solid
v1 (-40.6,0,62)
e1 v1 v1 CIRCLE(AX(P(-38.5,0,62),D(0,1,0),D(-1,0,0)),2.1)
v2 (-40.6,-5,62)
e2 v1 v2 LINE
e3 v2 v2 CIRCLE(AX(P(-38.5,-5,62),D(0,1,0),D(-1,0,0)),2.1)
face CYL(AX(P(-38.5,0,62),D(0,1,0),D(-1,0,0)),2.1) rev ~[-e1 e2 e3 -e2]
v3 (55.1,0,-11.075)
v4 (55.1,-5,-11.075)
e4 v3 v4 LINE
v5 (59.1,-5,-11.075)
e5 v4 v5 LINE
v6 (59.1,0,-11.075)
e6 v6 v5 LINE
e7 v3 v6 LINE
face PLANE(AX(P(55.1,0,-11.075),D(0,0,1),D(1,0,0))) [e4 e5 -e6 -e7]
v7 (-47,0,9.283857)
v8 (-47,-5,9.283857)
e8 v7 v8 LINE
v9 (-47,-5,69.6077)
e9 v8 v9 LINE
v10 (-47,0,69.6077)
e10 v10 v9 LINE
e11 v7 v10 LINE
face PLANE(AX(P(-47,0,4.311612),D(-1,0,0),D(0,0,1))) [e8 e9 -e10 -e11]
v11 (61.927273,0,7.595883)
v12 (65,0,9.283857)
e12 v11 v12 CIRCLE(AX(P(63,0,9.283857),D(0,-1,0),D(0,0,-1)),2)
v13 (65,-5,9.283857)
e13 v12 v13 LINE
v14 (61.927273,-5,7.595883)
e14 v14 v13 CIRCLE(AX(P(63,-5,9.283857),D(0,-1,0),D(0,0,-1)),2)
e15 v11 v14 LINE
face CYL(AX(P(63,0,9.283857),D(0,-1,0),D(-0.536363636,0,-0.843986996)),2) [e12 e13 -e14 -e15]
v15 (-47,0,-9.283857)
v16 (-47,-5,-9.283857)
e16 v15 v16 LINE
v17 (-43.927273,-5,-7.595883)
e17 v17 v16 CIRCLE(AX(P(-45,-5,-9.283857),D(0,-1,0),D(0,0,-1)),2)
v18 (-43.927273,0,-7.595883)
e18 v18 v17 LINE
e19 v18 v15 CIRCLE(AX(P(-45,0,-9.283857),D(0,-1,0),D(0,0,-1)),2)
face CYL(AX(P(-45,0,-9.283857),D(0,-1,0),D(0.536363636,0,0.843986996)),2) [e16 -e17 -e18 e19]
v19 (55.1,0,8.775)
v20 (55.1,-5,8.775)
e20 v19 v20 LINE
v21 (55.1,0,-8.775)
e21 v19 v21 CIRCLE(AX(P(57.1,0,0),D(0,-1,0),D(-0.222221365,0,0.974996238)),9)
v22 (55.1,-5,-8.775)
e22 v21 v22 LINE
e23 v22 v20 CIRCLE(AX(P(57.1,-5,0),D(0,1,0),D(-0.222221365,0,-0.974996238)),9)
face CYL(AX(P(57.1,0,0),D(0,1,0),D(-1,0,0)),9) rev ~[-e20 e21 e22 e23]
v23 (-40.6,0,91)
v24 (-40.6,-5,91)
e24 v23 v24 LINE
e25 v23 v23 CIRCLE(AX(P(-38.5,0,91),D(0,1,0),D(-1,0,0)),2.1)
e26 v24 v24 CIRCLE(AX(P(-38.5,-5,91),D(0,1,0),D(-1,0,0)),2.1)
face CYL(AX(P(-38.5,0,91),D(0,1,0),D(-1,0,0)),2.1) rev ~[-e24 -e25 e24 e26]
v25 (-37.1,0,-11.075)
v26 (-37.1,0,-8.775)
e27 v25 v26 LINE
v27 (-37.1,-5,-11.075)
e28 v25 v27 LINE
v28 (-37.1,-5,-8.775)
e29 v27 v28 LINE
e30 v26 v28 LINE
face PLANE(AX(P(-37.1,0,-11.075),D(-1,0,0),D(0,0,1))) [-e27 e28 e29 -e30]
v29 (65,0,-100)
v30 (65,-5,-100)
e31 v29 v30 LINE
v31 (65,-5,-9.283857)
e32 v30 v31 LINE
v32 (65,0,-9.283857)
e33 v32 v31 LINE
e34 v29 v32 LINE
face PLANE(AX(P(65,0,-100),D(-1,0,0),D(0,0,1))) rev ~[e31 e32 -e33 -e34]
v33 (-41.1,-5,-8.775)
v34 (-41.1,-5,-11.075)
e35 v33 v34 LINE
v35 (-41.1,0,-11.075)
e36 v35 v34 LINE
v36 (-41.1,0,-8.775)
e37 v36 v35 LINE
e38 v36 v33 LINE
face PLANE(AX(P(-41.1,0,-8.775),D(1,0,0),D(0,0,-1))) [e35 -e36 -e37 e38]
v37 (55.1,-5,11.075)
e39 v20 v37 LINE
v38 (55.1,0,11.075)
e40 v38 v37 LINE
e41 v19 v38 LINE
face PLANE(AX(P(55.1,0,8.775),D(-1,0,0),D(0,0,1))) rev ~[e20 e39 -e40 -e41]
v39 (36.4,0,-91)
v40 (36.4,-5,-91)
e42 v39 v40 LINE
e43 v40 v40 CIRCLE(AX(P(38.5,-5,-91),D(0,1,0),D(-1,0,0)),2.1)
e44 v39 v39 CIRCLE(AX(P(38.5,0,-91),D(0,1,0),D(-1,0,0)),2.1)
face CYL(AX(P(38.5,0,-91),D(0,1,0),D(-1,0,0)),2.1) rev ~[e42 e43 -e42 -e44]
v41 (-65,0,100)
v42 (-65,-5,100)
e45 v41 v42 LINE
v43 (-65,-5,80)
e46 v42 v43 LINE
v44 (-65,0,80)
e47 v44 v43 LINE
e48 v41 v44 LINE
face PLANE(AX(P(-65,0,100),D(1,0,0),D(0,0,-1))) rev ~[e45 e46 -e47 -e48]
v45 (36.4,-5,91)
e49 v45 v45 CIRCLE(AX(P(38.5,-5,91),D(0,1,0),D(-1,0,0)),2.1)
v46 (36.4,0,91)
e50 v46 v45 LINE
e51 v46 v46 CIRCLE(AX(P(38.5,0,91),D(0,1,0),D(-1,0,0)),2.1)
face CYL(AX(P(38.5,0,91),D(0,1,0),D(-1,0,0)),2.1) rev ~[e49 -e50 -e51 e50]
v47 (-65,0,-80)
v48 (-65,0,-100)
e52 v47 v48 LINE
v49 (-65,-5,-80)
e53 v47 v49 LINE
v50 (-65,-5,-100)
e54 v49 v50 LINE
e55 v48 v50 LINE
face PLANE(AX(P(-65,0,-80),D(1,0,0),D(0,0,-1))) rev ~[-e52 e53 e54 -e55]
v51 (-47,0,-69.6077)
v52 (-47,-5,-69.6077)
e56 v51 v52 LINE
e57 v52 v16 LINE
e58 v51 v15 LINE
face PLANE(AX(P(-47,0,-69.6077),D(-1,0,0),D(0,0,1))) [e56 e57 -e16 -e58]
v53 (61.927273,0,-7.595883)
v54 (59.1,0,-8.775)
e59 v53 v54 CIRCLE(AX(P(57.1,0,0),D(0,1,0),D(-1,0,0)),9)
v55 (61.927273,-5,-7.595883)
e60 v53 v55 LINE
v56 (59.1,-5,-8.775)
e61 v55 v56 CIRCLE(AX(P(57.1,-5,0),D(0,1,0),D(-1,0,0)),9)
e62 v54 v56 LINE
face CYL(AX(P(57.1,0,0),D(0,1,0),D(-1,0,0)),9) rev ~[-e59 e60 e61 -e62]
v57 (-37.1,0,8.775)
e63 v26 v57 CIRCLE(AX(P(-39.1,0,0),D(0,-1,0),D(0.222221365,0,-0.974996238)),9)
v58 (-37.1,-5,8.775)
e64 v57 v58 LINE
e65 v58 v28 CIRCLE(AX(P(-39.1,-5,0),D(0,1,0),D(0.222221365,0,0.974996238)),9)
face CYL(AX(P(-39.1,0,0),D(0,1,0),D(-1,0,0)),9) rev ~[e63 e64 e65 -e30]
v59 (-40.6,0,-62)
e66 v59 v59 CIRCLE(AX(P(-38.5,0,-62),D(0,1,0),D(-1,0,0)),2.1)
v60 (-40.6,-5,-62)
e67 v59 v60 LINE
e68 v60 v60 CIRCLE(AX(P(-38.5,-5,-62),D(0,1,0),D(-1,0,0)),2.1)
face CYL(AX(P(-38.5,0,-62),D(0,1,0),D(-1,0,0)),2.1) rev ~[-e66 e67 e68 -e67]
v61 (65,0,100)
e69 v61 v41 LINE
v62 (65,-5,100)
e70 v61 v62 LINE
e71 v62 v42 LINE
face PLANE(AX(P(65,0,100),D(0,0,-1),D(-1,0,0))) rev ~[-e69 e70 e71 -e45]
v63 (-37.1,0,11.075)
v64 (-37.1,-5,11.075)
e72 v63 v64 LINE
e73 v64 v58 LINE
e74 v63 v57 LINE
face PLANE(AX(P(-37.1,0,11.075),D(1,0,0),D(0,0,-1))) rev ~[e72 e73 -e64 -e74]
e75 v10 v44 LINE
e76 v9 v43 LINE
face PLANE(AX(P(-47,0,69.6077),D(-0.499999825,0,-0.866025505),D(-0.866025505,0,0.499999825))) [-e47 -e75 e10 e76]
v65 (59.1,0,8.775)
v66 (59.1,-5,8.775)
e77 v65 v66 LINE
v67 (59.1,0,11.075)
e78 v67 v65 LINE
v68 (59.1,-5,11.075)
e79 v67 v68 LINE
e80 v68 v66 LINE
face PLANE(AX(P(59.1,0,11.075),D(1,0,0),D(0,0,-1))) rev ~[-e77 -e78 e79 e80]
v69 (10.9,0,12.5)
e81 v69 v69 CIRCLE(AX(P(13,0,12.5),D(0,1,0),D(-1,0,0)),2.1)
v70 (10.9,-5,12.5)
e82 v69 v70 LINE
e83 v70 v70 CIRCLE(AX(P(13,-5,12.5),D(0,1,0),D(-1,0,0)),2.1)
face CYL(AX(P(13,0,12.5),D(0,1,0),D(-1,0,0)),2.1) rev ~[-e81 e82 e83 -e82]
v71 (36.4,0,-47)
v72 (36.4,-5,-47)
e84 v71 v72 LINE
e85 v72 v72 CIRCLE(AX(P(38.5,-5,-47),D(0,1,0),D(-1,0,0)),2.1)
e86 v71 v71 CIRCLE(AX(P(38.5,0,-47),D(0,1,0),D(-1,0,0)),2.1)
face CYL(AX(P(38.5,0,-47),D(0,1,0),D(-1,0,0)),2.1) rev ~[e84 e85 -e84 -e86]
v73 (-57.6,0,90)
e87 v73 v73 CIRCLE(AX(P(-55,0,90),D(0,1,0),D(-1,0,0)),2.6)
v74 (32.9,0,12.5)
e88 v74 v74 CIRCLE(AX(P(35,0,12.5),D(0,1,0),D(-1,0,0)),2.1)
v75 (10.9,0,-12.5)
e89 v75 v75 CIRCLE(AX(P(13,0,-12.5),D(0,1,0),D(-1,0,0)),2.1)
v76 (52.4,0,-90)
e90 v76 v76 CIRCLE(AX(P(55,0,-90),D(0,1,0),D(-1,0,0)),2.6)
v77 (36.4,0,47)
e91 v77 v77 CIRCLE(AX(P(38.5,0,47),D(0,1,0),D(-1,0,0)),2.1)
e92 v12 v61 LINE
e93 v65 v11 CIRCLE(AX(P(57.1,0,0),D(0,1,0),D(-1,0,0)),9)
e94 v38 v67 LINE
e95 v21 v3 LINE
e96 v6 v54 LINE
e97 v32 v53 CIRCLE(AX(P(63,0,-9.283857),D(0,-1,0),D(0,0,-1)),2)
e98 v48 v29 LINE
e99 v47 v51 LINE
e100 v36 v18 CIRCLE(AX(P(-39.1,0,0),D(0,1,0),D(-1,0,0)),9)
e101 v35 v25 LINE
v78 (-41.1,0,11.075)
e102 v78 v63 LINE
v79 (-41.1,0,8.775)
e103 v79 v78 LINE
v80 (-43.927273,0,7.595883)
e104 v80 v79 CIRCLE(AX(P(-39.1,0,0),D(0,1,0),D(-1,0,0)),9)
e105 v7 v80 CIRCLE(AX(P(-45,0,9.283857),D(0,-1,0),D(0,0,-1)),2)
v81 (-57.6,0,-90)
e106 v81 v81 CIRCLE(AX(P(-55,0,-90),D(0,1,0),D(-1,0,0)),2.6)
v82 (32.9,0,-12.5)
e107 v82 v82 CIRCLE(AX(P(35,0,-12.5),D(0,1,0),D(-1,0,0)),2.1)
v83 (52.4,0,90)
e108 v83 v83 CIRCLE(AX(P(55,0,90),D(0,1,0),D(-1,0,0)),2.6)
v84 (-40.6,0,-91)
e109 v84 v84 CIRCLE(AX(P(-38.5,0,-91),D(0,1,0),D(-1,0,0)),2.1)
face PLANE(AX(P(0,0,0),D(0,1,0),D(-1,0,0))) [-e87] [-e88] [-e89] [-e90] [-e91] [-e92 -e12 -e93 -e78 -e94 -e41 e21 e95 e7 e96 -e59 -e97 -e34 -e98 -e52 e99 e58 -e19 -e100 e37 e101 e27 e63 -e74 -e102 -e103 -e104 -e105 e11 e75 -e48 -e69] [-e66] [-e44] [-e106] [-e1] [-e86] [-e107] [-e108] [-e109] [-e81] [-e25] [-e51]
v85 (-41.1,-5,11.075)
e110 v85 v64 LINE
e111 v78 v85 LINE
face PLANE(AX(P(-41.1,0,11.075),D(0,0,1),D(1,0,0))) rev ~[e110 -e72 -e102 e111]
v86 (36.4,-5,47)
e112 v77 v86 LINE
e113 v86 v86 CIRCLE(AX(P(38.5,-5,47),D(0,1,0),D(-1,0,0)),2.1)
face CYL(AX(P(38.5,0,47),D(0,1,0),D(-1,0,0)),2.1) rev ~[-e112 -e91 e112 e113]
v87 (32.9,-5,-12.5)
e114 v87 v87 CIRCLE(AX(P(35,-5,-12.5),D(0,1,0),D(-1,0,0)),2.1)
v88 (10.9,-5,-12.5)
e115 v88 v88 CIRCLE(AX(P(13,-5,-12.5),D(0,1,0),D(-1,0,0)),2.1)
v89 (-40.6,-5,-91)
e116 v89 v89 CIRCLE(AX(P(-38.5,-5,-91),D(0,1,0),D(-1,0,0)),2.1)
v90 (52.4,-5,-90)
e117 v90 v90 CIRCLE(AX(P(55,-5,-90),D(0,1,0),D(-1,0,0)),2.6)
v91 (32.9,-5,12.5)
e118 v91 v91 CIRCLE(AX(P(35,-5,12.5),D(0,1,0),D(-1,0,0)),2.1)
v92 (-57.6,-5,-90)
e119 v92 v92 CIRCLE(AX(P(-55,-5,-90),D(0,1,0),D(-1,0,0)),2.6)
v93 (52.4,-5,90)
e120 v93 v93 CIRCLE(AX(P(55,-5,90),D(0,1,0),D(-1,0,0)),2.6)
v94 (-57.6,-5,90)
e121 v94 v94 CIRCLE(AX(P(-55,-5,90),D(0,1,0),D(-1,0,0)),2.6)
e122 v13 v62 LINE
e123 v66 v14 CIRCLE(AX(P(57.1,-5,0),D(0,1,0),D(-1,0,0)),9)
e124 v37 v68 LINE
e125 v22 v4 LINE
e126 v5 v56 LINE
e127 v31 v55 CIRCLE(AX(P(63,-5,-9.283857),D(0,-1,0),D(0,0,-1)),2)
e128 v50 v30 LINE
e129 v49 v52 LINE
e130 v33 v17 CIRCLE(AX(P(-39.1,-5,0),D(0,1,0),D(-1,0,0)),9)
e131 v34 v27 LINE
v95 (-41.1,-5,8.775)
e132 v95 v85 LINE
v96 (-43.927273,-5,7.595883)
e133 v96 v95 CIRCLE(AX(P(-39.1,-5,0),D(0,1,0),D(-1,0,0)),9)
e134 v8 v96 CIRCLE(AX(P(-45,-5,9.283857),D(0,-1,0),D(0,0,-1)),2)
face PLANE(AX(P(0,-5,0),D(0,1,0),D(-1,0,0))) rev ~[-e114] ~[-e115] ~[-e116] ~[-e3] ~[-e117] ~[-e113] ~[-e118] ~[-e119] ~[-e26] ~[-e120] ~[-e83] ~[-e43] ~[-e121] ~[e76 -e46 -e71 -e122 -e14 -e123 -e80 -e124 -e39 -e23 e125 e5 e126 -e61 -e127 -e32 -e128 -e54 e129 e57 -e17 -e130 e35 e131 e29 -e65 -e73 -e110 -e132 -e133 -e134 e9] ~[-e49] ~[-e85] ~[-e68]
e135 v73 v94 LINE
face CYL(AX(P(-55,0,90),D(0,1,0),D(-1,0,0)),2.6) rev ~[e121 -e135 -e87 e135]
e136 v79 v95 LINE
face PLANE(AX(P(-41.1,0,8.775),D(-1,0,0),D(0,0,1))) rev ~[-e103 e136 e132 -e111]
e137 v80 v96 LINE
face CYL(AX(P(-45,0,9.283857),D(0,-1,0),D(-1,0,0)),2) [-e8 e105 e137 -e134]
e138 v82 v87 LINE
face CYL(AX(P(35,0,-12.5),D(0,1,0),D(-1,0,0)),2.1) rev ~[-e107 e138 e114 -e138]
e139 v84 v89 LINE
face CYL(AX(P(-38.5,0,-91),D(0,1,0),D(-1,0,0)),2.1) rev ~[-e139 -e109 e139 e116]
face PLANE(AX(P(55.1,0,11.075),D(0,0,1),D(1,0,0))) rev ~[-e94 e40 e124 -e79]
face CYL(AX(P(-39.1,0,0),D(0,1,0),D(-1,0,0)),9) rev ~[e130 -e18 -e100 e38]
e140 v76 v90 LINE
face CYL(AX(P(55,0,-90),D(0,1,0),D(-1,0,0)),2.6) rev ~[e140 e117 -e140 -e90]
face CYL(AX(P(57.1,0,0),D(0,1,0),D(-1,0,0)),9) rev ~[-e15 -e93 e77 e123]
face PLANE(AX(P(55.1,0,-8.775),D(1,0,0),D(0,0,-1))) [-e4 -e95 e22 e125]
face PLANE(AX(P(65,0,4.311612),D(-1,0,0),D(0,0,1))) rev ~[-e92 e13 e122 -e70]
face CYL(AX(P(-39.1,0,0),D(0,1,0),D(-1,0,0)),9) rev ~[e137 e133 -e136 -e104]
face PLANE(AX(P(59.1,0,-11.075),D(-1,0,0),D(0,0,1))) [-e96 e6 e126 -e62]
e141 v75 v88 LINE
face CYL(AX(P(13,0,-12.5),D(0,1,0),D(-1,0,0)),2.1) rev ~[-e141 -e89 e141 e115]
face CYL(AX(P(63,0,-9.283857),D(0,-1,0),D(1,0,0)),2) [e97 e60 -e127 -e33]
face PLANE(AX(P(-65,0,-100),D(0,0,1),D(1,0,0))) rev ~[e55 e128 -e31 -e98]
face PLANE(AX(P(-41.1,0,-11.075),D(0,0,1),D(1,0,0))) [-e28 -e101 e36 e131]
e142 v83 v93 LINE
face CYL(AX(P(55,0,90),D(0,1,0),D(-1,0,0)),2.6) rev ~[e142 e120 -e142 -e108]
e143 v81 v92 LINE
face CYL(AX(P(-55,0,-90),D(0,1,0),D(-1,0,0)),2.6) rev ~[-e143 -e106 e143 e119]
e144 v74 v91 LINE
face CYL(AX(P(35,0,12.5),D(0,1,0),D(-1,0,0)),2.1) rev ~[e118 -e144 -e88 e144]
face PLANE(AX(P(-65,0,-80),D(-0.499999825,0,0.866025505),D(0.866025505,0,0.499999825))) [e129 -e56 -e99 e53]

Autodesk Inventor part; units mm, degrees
ref_plane "YZ Plane" through (0, 0, 0) normal (1, 0, 0) x (0, 1, 0)
ref_plane "XZ Plane" through (0, 0, 0) normal (0, 1, 0) x (-1, 0, 0)
ref_plane "XY Plane" through (0, 0, 0) normal (0, 0, 1) x (1, 0, 0)
sketch "Esquisse1" plane through (0, 0, 0) normal (0, 1, 0) x (-1, 0, 0)
  line L0 (65, -100) -> (-65, -100)
  line L1 (-65, -100) -> (-65, 100)
  line L2 (-65, 100) -> (65, 100)
  line L3 (65, 100) -> (65, -100)
  line L4 (65, -100) -> (-65, 100) construction
  line L5 (-65, -100) -> (65, 100) construction
  line L6 (0, 100) -> (0, -100) construction
  line L7 (38.5, -91) -> (-38.5, -91) construction
  line L8 (-38.5, -91) -> (-38.5, -47) construction
  line L9 (-38.5, -47) -> (38.5, -47) construction
  line L10 (38.5, -47) -> (38.5, -91) construction
  line L11 (38.5, -91) -> (-38.5, -47) construction
  line L12 (-38.5, -91) -> (38.5, -47) construction
  circle A0 centre (38.5, -47) radius 2.1 construction
  circle A1 centre (38.5, -91) radius 2.1
  circle A2 centre (-38.5, -91) radius 2.1
  circle A3 centre (-38.5, -47) radius 2.1
  circle A4 centre (55, -90) radius 2.6
  line L13 (98.7177, 0) -> (-137.3062, 0) projected
  circle A5 centre (38.5, 91) radius 2.1
  circle A6 centre (-38.5, 91) radius 2.1
  circle A7 centre (-38.5, 47) radius 2.1
  circle A8 centre (55, 90) radius 2.6
  line L14 (-88.5885, -75) -> (-103.5885, -75)
  line L15 (-103.5885, -75) -> (-103.5885, 75)
  line L16 (-103.5885, 75) -> (-88.5885, 75)
  line L17 (-88.5885, 75) -> (-88.5885, -75)
  line L18 (-88.5885, -75) -> (-103.5885, 75) construction
  line L19 (-103.5885, -75) -> (-88.5885, 75) construction
  line L20 (-35, -12.5) -> (-13, -12.5) construction
  line L21 (-13, -12.5) -> (-13, 12.5) construction
  line L22 (-13, 12.5) -> (-35, 12.5) construction
  line L23 (-35, 12.5) -> (-35, -12.5) construction
  line L24 (-35, -12.5) -> (-13, 12.5) construction
  line L25 (-13, -12.5) -> (-35, 12.5) construction
  circle A9 centre (-55, -90) radius 2.6
  circle A10 centre (-55, 90) radius 2.6
  circle A11 centre (-13, 12.5) radius 2.1
  circle A12 centre (-13, -12.5) radius 2.1
  circle A13 centre (-35, -12.5) radius 2.1
  circle A14 centre (-35, 12.5) radius 2.1
  circle A15 centre (38.5, -62) radius 2.1
  circle A16 centre (38.5, 62) radius 2.1
  line L26 (65, -80) -> (47, -69.6077)
  line L27 (47, -69.6077) -> (47, 69.6077)
  line L28 (47, 69.6077) -> (65, 80)
  circle A17 centre (-57.1, 0) radius 9
  line L29 (-57.1, -9) -> (-57.1, -11.075) construction
  line L30 (-55.1, -11.075) -> (-59.1, -11.075)
  line L31 (-59.1, -11.075) -> (-59.1, -8.775)
  line L32 (-59.1, -8.775) -> (-55.1, -8.775) construction
  line L33 (-55.1, -8.775) -> (-55.1, -11.075)
  line L34 (-55.1, 11.075) -> (-59.1, 11.075)
  line L35 (-59.1, 11.075) -> (-59.1, 8.775)
  line L36 (-55.1, 8.775) -> (-55.1, 11.075)
  circle A18 centre (39.1, 0) radius 9
  line L37 (39.1, -9) -> (39.1, -11.075) construction
  line L38 (41.1, -11.075) -> (37.1, -11.075)
  line L39 (37.1, -11.075) -> (37.1, -8.775)
  line L40 (37.1, -8.775) -> (41.1, -8.775) construction
  line L41 (41.1, -8.775) -> (41.1, -11.075)
  line L42 (41.1, 11.075) -> (37.1, 11.075)
  line L43 (37.1, 11.075) -> (37.1, 8.775)
  line L44 (41.1, 8.775) -> (41.1, 11.075)
  point P0 (0, 0)
  point P1 (0, -69)
  point P2 (-96.0885, 0)
  point P3 (-24, 0)
  point P4 (-65, 4.3116)
  point P5 (-65, -4.3116)
  point P6 (47, -4.3116)
  point P7 (47, 4.3116)
  dimension "d0" = 65
  dimension "d1" = 130
  dimension "d2" = 200
  dimension "d3" = 77
  dimension "d4" = 44
  dimension "d6" = 4.2
  dimension "d7" = 16.5
  dimension "d8" = 5.2
  dimension "d9" = 10
  dimension "d10" = 10
  dimension "d11" = 9
  dimension "d12" = 15
  dimension "d13" = 150
  dimension "d15" = 25
  dimension "d16" = 22
  dimension "d17" = 30
  dimension "d18" = 16.5
  dimension "d21" = 10
  dimension "d22" = 10
  dimension "d23" = 4.2
  dimension "d26" = 15
  dimension "d27" = 10
  dimension "d28" = 10
  dimension "d29" = 60
  dimension "d30" = 18
  dimension "d31" = 60
  dimension "d37" = 7.9
  dimension "d38" = 18
  dimension "d39" = 4
  dimension "d40" = 2.3
  dimension "d41" = 7.9
extrude "Extrusion1" add sketch "Esquisse1" against normal blind 5 contours L0 L1 A17 L31 L30 L33 L13 A18 L39 L38 L41 L27 L26 L3 | L28 L27 A18 L44 L42 L43 L13 A17 L36 L34 L35 L1 L2 L3
fillet "Congé1" radius 2 4 edges at (65, -2.5, -4.3116) (65, -2.5, 4.3116) (-47, -2.5, -4.3116) (-47, -2.5, 4.3116)
properties part number "Base robot réduit"
